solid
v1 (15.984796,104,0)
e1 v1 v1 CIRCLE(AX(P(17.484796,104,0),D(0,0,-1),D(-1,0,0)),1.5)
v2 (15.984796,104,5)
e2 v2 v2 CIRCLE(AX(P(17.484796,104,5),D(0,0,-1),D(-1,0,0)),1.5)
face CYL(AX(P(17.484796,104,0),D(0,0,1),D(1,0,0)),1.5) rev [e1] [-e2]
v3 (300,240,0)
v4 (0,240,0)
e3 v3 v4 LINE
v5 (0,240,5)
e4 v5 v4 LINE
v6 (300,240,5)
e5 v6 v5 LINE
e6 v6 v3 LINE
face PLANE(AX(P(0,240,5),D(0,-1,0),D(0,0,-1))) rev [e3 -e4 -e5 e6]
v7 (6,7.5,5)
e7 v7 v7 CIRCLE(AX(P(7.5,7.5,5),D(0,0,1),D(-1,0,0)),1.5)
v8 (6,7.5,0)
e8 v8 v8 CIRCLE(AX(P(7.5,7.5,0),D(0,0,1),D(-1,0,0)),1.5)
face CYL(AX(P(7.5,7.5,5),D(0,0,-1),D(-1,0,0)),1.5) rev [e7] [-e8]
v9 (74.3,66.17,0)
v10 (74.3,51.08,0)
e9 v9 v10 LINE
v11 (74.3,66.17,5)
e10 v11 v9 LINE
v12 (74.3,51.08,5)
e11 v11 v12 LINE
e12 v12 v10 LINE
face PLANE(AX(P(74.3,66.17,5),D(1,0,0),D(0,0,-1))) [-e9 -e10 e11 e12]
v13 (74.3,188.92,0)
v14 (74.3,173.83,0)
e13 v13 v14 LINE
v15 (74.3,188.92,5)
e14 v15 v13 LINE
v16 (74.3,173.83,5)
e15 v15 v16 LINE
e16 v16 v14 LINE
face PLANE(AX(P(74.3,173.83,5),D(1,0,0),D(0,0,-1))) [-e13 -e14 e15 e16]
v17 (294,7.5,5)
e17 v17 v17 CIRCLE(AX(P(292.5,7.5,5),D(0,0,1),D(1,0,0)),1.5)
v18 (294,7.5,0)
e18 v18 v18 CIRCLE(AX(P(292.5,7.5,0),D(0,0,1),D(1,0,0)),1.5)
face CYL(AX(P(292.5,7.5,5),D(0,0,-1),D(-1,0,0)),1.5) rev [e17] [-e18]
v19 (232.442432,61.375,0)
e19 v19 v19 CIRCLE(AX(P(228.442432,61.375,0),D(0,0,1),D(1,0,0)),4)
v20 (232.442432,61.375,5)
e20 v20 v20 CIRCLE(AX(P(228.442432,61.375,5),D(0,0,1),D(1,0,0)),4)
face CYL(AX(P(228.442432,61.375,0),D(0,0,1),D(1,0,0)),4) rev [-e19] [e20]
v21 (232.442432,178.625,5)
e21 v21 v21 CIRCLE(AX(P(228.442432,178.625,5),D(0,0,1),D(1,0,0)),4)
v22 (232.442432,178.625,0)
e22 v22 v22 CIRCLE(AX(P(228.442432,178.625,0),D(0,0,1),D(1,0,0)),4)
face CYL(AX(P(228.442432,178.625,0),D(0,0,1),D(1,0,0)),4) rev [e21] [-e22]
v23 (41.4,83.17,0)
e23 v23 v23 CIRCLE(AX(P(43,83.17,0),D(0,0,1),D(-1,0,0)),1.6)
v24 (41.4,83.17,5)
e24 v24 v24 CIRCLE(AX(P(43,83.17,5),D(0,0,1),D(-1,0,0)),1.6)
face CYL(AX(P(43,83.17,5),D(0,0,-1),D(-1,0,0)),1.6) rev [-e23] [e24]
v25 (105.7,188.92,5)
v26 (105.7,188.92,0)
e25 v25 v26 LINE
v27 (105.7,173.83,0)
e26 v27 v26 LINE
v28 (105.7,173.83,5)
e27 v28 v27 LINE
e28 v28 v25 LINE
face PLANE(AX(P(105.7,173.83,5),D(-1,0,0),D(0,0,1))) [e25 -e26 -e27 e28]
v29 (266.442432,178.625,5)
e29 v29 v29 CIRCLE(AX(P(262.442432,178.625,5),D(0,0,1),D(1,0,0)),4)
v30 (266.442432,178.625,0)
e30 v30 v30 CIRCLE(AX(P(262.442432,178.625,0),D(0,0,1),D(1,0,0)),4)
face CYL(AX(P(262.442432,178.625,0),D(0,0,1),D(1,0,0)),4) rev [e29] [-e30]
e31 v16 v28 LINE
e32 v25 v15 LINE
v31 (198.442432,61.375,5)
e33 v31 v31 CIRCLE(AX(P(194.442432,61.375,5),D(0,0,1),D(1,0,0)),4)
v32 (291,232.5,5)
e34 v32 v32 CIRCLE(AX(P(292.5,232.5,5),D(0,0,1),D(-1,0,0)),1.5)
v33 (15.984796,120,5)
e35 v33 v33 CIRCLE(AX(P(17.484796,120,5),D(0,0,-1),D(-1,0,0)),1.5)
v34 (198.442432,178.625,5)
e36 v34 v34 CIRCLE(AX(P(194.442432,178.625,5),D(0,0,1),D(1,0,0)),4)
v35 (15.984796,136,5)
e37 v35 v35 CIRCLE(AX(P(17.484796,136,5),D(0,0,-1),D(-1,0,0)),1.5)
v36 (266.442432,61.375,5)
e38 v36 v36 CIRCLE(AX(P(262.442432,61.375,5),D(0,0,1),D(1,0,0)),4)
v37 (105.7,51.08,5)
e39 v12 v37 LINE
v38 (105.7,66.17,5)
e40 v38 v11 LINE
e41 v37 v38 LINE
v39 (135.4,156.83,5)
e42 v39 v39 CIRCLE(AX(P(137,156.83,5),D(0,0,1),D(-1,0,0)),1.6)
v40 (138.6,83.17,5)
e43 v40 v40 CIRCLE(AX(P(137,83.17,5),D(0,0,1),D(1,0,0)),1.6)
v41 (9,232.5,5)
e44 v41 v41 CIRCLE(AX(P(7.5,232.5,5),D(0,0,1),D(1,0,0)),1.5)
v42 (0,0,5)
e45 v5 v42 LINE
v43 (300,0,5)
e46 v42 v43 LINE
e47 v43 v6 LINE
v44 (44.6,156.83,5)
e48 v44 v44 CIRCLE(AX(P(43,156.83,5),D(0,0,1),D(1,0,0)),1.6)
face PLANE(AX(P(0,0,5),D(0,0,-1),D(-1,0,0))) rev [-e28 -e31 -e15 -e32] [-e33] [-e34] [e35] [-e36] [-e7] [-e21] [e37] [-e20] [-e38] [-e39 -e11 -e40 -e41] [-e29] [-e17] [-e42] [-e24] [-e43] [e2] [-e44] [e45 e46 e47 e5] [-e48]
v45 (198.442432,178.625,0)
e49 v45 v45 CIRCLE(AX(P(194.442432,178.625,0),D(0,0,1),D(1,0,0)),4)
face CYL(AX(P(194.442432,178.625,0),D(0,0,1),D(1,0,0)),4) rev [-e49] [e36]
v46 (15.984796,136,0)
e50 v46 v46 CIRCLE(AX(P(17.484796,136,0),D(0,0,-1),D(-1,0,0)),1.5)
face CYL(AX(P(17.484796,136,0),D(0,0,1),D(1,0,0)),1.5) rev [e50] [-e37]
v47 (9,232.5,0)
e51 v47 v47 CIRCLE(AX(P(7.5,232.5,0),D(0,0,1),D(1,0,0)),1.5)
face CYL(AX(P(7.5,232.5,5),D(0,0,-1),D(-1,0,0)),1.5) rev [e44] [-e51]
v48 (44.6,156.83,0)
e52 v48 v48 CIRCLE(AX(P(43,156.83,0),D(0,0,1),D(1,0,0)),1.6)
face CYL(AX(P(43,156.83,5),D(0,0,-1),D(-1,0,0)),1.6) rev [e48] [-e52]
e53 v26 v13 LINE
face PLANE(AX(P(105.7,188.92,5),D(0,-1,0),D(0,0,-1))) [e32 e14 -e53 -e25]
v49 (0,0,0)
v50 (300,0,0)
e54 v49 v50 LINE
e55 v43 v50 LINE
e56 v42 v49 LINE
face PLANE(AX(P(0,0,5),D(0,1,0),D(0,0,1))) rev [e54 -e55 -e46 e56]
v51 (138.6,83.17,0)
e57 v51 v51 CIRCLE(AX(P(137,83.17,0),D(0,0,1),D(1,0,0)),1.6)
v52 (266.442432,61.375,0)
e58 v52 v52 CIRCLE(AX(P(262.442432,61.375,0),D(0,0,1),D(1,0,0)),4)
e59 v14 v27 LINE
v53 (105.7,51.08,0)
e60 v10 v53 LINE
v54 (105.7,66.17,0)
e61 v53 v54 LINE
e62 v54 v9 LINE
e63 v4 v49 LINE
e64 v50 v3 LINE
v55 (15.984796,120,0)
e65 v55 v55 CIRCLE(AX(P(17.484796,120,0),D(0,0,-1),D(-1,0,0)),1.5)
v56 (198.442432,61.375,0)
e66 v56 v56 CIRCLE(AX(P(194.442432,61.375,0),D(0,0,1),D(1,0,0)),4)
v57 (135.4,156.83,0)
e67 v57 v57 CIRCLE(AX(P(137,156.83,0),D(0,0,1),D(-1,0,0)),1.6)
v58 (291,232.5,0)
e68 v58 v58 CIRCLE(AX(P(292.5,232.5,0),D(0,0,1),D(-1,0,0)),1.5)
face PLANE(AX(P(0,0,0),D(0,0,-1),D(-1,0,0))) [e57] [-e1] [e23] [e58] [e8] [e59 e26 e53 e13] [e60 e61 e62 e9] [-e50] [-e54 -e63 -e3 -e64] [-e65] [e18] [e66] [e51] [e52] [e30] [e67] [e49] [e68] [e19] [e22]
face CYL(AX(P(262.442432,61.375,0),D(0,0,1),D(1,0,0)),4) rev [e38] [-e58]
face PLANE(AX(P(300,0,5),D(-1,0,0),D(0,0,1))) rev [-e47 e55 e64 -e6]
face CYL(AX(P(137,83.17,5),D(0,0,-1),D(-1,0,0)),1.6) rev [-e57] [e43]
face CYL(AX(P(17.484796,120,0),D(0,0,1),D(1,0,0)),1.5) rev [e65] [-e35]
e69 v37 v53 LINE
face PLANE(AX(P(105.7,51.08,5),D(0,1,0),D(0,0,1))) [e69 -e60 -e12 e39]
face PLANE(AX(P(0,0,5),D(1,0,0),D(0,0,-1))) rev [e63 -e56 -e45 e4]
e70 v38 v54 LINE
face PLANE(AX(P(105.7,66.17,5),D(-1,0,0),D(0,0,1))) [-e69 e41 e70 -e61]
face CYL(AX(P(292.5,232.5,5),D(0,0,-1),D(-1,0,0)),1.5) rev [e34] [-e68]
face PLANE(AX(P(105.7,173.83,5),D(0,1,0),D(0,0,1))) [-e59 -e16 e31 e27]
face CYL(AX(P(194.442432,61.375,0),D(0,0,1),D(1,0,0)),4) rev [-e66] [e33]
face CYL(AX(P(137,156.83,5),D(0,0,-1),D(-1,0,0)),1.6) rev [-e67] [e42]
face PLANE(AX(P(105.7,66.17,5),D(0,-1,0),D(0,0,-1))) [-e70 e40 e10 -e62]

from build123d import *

# Parameters (mm, degrees)
SKETCH1_W           = 300
SKETCH1_H           = 240
SKETCH1_R           = 1.5
SKETCH1_R_2         = 1.6
SKETCH1_W_2         = 31.4
SKETCH1_H_2         = 15.09
BOSS_EXTRUDE1_DEPTH = 5
SKETCH3_R           = 1.5
CUT_EXTRUDE1_DEPTH  = 385.219989069
SKETCH5_R           = 4
CUT_EXTRUDE3_DEPTH  = 385.219989069
SKETCH8_R           = 4
CUT_EXTRUDE4_DEPTH  = 385.219989069


with BuildPart() as part:
    # Sketch1 → Boss-Extrude1 (new body)
    with BuildSketch(Plane.XY):
        with Locations((150, 120)):
            Rectangle(SKETCH1_W, SKETCH1_H)
        with Locations((7.5, 232.5)):
            Circle(SKETCH1_R, mode=Mode.SUBTRACT)
        with Locations(Location((292.5, 232.5, 0), (0, 0, 180))):
            Circle(SKETCH1_R, mode=Mode.SUBTRACT)
        with Locations((292.5, 7.5)):
            Circle(SKETCH1_R, mode=Mode.SUBTRACT)
        with Locations(Location((7.5, 7.5, 0), (0, 0, 180))):
            Circle(SKETCH1_R, mode=Mode.SUBTRACT)
        with Locations(Location((137, 156.83, 0), (0, 0, 180))):
            Circle(SKETCH1_R_2, mode=Mode.SUBTRACT)
        with Locations((43, 156.83)):
            Circle(SKETCH1_R_2, mode=Mode.SUBTRACT)
        with Locations(Location((43, 83.17, 0), (0, 0, 180))):
            Circle(SKETCH1_R_2, mode=Mode.SUBTRACT)
        with Locations((137, 83.17)):
            Circle(SKETCH1_R_2, mode=Mode.SUBTRACT)
        with Locations((90, 181.375)):
            Rectangle(SKETCH1_W_2, SKETCH1_H_2, mode=Mode.SUBTRACT)
        with Locations((90, 58.625)):
            Rectangle(SKETCH1_W_2, SKETCH1_H_2, mode=Mode.SUBTRACT)
    extrude(amount=BOSS_EXTRUDE1_DEPTH)

    # Sketch3 → Cut-Extrude1 (cut, through all)
    with BuildSketch(Plane.XY.offset(5)):
        with Locations(Location((17.484796486, 136, 0), (0, 0, 180))):
            Circle(SKETCH3_R)
        with Locations(Location((17.484796486, 120, 0), (0, 0, 180))):
            Circle(SKETCH3_R)
        with Locations(Location((17.484796486, 104, 0), (0, 0, 180))):
            Circle(SKETCH3_R)
    extrude(amount=-CUT_EXTRUDE1_DEPTH, mode=Mode.SUBTRACT)

    # Sketch5 → Cut-Extrude3 (cut, through all)
    with BuildSketch(Plane.XY.offset(5)):
        with Locations((194.442432224, 178.625000137)):
            Circle(SKETCH5_R)
        with Locations((228.442432224, 178.625000137)):
            Circle(SKETCH5_R)
        with Locations((262.442432224, 178.625000137)):
            Circle(SKETCH5_R)
    extrude(amount=-CUT_EXTRUDE3_DEPTH, mode=Mode.SUBTRACT)

    # Sketch8 → Cut-Extrude4 (cut, through all)
    with BuildSketch(Plane.XY.offset(5)):
        with Locations((194.442432224, 61.375000137)):
            Circle(SKETCH8_R)
        with Locations((228.442432224, 61.375000137)):
            Circle(SKETCH8_R)
        with Locations((262.442432224, 61.375000137)):
            Circle(SKETCH8_R)
    extrude(amount=-CUT_EXTRUDE4_DEPTH, mode=Mode.SUBTRACT)


solid = part.part
